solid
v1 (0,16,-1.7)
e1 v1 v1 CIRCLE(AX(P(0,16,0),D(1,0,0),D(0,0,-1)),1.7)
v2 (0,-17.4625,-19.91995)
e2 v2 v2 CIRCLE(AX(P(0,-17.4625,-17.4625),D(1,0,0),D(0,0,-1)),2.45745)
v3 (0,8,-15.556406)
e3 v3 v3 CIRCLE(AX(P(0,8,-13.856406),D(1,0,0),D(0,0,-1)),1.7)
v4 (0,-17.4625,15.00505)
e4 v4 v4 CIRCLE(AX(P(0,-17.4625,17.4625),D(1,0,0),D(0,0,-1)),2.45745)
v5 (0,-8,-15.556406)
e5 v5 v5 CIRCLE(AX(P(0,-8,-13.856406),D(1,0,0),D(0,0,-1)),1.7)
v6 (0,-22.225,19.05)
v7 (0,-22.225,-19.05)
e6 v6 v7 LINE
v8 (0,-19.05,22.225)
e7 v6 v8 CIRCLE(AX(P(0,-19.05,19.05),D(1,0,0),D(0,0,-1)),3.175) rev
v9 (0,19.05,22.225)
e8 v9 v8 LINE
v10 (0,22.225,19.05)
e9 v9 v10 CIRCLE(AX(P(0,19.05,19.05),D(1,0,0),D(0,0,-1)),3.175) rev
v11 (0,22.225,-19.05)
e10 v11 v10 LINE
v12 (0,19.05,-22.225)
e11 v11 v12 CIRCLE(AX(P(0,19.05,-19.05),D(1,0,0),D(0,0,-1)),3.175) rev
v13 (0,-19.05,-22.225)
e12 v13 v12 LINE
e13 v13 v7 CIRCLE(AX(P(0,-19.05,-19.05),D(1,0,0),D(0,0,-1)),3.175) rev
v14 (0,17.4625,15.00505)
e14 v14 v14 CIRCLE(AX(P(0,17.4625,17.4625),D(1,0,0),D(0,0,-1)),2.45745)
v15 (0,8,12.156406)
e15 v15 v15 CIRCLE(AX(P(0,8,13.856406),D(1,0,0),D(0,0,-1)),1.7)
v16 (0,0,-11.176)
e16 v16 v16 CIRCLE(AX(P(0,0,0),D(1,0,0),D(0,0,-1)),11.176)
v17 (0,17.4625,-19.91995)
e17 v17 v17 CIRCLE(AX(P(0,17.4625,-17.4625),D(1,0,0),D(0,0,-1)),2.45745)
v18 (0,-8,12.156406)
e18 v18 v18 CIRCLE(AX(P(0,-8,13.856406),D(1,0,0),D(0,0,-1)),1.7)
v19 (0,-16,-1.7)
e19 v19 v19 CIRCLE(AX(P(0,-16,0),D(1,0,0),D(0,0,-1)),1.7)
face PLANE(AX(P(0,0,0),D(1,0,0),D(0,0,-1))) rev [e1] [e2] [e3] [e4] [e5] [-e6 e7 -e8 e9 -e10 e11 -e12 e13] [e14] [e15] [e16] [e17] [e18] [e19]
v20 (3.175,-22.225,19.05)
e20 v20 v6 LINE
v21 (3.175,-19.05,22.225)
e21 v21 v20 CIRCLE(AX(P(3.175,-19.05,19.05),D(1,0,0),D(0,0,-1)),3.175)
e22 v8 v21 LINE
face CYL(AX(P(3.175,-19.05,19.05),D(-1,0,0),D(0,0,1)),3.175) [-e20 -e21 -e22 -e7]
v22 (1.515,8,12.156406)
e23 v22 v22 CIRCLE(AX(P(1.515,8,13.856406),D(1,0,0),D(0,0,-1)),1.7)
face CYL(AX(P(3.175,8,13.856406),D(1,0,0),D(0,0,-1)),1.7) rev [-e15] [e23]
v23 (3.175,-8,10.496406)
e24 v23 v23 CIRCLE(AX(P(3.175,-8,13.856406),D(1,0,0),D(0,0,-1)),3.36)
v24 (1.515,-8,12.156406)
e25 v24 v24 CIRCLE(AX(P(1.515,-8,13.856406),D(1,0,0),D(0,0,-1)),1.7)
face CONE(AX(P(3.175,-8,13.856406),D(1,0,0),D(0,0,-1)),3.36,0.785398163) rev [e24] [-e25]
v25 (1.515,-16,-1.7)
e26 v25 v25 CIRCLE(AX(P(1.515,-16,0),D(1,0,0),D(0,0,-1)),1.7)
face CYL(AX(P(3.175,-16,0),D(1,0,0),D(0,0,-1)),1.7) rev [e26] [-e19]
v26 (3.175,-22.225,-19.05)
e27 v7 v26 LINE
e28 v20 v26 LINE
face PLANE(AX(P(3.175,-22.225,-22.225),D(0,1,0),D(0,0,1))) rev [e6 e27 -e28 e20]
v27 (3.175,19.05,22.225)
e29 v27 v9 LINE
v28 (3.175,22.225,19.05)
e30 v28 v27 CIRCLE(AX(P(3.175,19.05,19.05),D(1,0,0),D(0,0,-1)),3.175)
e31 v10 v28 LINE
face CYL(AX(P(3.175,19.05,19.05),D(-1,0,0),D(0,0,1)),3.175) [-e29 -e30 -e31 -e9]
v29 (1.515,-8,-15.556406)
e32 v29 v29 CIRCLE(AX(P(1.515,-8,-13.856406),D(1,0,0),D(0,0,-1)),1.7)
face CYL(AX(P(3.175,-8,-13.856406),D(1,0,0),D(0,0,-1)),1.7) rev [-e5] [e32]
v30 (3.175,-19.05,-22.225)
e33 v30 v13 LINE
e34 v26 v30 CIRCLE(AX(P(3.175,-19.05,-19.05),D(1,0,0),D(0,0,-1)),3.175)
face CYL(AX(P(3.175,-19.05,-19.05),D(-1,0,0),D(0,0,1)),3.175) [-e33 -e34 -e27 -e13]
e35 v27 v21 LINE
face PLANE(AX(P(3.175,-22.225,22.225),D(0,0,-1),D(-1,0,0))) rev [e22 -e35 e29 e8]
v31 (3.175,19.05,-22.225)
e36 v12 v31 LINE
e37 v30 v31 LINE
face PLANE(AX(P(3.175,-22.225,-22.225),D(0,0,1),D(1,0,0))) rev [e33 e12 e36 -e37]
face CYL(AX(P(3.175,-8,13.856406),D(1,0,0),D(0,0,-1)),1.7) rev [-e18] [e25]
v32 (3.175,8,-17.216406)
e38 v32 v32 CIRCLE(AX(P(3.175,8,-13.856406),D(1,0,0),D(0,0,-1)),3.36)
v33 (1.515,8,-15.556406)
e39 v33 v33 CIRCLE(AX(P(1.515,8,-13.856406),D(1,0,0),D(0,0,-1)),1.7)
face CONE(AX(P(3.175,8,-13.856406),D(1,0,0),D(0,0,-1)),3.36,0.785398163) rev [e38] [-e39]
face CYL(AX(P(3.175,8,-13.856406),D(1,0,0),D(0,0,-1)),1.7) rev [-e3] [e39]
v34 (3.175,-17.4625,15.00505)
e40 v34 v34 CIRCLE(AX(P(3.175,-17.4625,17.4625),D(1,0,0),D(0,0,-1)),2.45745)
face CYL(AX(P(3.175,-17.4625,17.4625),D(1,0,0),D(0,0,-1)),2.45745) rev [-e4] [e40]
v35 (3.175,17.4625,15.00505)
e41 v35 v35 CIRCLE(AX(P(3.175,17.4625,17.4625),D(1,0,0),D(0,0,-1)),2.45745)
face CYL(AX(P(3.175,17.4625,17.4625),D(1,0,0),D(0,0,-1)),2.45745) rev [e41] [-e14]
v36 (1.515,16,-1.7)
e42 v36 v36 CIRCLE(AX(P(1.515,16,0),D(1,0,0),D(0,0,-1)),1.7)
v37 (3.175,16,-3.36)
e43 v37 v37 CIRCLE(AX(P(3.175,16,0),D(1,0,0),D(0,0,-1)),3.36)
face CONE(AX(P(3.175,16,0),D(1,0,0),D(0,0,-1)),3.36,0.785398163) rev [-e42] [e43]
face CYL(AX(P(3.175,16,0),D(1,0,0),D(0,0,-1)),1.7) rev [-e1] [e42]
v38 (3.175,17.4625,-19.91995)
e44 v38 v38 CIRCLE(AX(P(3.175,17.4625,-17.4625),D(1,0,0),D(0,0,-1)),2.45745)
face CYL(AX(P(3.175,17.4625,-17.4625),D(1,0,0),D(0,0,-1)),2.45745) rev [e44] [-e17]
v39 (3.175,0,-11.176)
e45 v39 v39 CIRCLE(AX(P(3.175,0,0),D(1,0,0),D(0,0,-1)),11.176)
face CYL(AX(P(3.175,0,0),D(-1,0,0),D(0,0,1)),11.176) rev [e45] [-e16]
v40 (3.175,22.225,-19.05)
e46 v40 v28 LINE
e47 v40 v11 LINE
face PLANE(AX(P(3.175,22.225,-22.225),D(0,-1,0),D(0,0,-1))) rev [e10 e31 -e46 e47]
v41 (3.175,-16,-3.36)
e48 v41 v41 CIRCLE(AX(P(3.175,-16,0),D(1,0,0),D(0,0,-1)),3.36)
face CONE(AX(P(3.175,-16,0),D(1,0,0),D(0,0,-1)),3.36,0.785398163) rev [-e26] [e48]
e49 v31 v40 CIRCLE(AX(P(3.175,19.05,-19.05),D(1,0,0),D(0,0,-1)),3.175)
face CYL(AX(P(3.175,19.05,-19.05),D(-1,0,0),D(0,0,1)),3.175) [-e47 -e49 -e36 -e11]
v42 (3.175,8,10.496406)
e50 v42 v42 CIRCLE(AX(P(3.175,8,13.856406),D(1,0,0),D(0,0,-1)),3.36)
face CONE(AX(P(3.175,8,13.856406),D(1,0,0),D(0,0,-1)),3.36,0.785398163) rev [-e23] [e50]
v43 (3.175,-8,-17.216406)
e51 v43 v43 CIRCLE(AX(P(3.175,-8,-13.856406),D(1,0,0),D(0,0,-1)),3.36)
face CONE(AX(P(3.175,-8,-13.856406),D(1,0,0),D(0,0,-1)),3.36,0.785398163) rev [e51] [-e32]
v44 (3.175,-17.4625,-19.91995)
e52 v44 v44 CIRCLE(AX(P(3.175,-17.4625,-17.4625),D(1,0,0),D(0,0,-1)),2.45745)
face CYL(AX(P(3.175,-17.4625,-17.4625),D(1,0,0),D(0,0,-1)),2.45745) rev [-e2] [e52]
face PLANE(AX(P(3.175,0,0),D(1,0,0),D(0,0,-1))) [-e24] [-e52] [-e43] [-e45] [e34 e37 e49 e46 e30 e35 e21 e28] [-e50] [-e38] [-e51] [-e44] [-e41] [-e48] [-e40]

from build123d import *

# Parameters (mm, degrees)
SKETCH1_W                        = 44.45
SKETCH1_H                        = 44.45
SKETCH1_R                        = 11.176
BOSS_EXTRUDE1_DEPTH              = 3.175
F_10_0_1935_DIAMETER_HOLE1_D     = 4.9149
F_10_0_1935_DIAMETER_HOLE1_DEPTH = 3.175
CSK_FOR_M3_SFHCS1_AT_2_COUNT     = 2
CSK_FOR_M3_SFHCS1_AT_2_PITCH     = 16
CSK_FOR_M3_SFHCS1_AT_3_COUNT     = 2
CSK_FOR_M3_SFHCS1_AT_3_PITCH     = 27.712812921
CSK_FOR_M3_SFHCS1_AT_4_COUNT     = 2
CSK_FOR_M3_SFHCS1_AT_4_PITCH     = 32
CSK_FOR_M3_SFHCS1_AT_5_COUNT     = 2
CSK_FOR_M3_SFHCS1_AT_5_PITCH     = 27.712812921
CSK_FOR_M3_SFHCS1_AT_6_COUNT     = 2
CSK_FOR_M3_SFHCS1_AT_6_PITCH     = 16
FILLET1_R                        = 3.175


with BuildPart() as part:
    # Sketch1 → Boss-Extrude1 (new body)
    with BuildSketch(Plane(origin=(0, 0, 0), x_dir=(0, 0, -1), z_dir=(1, 0, 0))):
        Rectangle(SKETCH1_W, SKETCH1_H)
        Circle(SKETCH1_R, mode=Mode.SUBTRACT)
    extrude(amount=BOSS_EXTRUDE1_DEPTH)

    # #10 (0.1935) Diameter Hole1
    with Locations(Plane(origin=(3.175, 0, 0), x_dir=(0, 0, -1), z_dir=(1, 0, 0))):
        with Locations((-17.4625, 17.4625), (17.4625, 17.4625), (17.4625, -17.4625), (-17.4625, -17.4625)):
            Hole(F_10_0_1935_DIAMETER_HOLE1_D / 2, depth=F_10_0_1935_DIAMETER_HOLE1_DEPTH)

    # Sketch6 → CSK for M3 SFHCS1 (revolve, cut)
    with BuildSketch(Plane(origin=(3.175, 8, 13.856406461), x_dir=(0, 0, -1), z_dir=(0, 1, 0))):
        Polygon((0, 0), (0, 3.175), (1.7, 3.175), (1.7, 1.66), (3.36, 0), align=None)
    csk_for_m3_sfhcs1 = revolve(axis=Axis((9.525, 8, 13.856406461), (-1, 0, 0)), mode=Mode.SUBTRACT)

    # CSK for M3 SFHCS1 at 2: CSK for M3 SFHCS1 ×2
    with Locations(*[Vector(0, 0.5, -0.866025404) * (i * CSK_FOR_M3_SFHCS1_AT_2_PITCH) for i in range(1, CSK_FOR_M3_SFHCS1_AT_2_COUNT)]):
        add(csk_for_m3_sfhcs1, mode=Mode.SUBTRACT)

    # CSK for M3 SFHCS1 at 3: CSK for M3 SFHCS1 ×2
    with Locations(*[(0, 0, -i * CSK_FOR_M3_SFHCS1_AT_3_PITCH) for i in range(1, CSK_FOR_M3_SFHCS1_AT_3_COUNT)]):
        add(csk_for_m3_sfhcs1, mode=Mode.SUBTRACT)

    # CSK for M3 SFHCS1 at 4: CSK for M3 SFHCS1 ×2
    with Locations(*[Vector(0, -0.5, -0.866025404) * (i * CSK_FOR_M3_SFHCS1_AT_4_PITCH) for i in range(1, CSK_FOR_M3_SFHCS1_AT_4_COUNT)]):
        add(csk_for_m3_sfhcs1, mode=Mode.SUBTRACT)

    # CSK for M3 SFHCS1 at 5: CSK for M3 SFHCS1 ×2
    with Locations(*[Vector(0, -0.866025404, -0.5) * (i * CSK_FOR_M3_SFHCS1_AT_5_PITCH) for i in range(1, CSK_FOR_M3_SFHCS1_AT_5_COUNT)]):
        add(csk_for_m3_sfhcs1, mode=Mode.SUBTRACT)

    # CSK for M3 SFHCS1 at 6: CSK for M3 SFHCS1 ×2
    with Locations(*[(0, -i * CSK_FOR_M3_SFHCS1_AT_6_PITCH, 0) for i in range(1, CSK_FOR_M3_SFHCS1_AT_6_COUNT)]):
        add(csk_for_m3_sfhcs1, mode=Mode.SUBTRACT)

    # Fillet1
    fillet1_edges = [part.edges().sort_by_distance(p)[0] for p in [
        (1.5875, 22.225, 22.225),
        (1.5875, 22.225, -22.225),
        (1.5875, -22.225, -22.225),
        (1.5875, -22.225, 22.225),
    ]]
    fillet(fillet1_edges, radius=FILLET1_R)


solid = part.part
